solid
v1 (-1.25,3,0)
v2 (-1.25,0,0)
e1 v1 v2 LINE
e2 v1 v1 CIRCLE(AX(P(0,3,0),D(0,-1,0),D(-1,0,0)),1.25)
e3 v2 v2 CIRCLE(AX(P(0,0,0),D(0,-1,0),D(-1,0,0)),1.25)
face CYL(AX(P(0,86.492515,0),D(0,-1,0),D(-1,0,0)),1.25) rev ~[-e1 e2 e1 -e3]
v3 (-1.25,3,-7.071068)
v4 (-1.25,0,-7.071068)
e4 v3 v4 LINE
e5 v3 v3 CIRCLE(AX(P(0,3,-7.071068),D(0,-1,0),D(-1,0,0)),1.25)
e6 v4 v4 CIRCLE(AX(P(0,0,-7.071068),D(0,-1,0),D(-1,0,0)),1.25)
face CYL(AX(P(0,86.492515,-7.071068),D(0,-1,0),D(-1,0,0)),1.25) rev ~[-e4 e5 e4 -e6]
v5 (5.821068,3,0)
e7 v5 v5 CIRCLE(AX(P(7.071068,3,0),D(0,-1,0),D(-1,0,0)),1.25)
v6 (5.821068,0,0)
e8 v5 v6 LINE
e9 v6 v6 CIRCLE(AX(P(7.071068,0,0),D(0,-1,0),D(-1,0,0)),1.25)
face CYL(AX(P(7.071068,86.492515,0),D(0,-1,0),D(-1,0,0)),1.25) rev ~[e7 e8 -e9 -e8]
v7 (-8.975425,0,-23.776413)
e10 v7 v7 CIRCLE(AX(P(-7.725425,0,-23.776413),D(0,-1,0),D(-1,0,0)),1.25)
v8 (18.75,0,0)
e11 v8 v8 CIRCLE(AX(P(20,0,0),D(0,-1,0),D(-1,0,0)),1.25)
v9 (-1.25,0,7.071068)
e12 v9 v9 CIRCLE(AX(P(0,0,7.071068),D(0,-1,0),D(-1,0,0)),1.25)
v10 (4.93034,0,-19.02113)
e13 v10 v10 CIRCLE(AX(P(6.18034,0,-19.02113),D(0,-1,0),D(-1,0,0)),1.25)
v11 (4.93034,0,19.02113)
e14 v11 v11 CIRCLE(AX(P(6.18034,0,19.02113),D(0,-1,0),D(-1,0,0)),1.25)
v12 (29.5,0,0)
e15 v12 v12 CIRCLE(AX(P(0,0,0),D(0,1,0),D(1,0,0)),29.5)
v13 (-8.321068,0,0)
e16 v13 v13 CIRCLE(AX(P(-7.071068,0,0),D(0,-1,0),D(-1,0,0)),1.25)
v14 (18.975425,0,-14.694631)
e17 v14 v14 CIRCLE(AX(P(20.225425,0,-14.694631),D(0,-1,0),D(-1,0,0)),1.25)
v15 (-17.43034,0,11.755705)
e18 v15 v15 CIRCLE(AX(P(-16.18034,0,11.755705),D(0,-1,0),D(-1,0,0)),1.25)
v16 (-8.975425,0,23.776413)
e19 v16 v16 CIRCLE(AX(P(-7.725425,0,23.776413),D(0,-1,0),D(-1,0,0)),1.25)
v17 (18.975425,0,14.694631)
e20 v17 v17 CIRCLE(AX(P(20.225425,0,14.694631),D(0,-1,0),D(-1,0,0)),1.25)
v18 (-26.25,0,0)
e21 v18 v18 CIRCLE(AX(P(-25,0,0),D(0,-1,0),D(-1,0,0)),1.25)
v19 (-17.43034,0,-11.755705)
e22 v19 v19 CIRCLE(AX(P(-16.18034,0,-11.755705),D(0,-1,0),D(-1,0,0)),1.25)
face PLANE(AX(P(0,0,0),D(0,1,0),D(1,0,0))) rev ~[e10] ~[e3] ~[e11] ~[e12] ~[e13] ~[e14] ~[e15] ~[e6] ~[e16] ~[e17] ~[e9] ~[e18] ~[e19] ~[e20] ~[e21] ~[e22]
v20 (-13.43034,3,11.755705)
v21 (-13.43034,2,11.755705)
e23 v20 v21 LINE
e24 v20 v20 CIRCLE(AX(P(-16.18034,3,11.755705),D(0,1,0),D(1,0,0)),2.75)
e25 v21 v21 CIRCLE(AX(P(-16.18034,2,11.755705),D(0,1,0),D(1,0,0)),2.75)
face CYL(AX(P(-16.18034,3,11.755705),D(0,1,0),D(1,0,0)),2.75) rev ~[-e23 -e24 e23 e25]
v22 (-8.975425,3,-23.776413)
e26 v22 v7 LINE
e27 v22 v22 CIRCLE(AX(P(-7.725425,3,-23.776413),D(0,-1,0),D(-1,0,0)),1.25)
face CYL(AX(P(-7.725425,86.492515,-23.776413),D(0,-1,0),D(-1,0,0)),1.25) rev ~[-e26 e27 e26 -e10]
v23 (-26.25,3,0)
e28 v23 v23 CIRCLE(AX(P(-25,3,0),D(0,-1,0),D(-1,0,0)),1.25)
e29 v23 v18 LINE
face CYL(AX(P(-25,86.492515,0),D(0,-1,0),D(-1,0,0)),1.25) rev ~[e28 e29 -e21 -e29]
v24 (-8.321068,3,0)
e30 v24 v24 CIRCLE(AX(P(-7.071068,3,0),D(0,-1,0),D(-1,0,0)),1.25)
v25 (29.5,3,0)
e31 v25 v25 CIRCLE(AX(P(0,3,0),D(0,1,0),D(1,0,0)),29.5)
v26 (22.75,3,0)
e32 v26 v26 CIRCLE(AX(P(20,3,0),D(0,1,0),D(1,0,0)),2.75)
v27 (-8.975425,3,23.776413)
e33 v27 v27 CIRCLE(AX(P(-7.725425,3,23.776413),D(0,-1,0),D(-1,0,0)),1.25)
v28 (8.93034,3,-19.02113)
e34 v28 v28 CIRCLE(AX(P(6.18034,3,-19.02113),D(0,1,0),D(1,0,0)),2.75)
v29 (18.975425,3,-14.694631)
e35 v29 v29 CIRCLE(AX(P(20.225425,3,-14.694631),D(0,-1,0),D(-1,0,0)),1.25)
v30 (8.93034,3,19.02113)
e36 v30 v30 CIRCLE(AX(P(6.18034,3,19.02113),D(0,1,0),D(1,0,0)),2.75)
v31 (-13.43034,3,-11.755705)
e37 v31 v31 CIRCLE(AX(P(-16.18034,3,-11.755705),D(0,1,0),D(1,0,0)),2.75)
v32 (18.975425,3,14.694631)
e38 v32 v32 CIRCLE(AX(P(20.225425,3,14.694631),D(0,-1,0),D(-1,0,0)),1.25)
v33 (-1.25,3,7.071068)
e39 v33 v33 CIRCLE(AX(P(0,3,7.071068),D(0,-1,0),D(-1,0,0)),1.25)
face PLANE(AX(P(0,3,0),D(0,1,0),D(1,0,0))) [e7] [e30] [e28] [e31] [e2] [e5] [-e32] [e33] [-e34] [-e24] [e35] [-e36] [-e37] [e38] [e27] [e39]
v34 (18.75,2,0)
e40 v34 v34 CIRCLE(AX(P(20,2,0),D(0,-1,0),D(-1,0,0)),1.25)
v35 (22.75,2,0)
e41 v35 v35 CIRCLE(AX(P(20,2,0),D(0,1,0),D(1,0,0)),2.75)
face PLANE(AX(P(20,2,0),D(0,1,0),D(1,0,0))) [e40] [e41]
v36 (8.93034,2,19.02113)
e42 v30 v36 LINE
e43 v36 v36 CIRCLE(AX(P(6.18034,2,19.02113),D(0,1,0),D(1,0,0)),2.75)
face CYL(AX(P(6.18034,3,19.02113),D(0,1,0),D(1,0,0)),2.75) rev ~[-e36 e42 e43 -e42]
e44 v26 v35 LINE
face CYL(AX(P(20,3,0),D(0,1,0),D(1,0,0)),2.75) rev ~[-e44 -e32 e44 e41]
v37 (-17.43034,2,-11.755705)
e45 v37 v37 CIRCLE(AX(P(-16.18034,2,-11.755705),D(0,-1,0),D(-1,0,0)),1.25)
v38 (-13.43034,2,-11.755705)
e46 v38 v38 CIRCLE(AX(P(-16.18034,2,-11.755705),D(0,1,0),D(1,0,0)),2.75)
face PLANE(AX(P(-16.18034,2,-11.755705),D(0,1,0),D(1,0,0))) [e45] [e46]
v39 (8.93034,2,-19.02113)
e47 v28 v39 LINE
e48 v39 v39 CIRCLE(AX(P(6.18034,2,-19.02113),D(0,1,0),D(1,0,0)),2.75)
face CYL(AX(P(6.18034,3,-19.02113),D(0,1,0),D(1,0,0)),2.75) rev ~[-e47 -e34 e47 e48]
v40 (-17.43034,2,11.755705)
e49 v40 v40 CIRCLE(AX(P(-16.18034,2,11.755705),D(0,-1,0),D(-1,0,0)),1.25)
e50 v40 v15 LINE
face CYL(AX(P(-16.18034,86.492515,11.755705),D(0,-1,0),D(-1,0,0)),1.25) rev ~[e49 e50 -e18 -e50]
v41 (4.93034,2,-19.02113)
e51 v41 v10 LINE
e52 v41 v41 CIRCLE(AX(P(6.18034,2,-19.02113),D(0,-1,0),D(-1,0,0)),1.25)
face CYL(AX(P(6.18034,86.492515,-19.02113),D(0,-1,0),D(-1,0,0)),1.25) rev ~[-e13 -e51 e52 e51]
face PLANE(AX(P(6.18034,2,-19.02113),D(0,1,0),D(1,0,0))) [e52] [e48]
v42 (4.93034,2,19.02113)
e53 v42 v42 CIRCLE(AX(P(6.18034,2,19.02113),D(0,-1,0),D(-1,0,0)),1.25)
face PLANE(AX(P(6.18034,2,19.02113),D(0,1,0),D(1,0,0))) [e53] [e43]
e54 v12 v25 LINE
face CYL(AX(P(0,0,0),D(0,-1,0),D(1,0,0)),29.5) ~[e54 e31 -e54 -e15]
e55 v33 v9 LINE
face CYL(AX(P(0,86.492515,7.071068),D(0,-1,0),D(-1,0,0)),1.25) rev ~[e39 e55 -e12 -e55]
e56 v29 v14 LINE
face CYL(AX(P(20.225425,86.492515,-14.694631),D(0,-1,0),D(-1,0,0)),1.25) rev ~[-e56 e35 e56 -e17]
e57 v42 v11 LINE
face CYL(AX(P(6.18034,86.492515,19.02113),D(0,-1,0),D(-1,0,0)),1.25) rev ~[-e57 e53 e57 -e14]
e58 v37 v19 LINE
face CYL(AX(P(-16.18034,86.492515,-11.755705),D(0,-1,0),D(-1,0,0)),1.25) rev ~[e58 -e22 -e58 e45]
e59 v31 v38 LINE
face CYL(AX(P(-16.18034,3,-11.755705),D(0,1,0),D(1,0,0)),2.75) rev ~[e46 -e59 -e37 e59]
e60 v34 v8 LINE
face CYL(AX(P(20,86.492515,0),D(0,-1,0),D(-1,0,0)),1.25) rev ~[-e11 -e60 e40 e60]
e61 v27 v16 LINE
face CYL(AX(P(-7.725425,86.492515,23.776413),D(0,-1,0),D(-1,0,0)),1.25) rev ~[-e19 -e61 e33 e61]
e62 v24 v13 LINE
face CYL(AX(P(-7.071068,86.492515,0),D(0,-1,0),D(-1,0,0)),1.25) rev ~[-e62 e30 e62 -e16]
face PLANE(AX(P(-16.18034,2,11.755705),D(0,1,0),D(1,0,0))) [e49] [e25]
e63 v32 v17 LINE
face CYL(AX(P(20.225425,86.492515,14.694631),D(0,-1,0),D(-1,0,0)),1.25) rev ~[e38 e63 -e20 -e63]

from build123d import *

# Parameters (mm, degrees)
SKETCH_1_R               = 29.5
EXTRUDE_1_DEPTH          = 3
HOLE_WIZARD_M3_4_D       = 2.5
HOLE_WIZARD_M3_1_D       = 2.5
SKETCH_9_R               = 2.75
CUT_EXTRUDE_1_DEPTH      = 1
CUT_EXTRUDE_1_DEPTH_BACK = 1


with BuildPart() as part:
    # 草图1 → 凸台-拉伸1 (new body)
    with BuildSketch(Plane(origin=(0, 0, 0), x_dir=(1, 0, 0), z_dir=(0, 1, 0))):
        Circle(SKETCH_1_R)
    extrude(amount=EXTRUDE_1_DEPTH)

    # M3 螺纹孔4 (through all)
    with Locations(Plane(origin=(0, 3, 0), x_dir=(1, 0, 0), z_dir=(0, 1, 0))):
        with Locations((6.180339887, 19.021130326), (20, 0), (6.180339887, -19.021130326), (-16.180339887, -11.755705046), (-16.180339887, 11.755705046)):
            Hole(HOLE_WIZARD_M3_4_D / 2)

    # M3 螺纹孔1 (through all)
    with Locations(Plane(origin=(0, 3, 0), x_dir=(1, 0, 0), z_dir=(0, 1, 0))):
        with Locations((20.225424859, -14.694631307), (-25, 0), (-7.071067812, 0), (-7.725424859, 23.776412907), (20.225424859, 14.694631307), (-7.725424859, -23.776412907), (0, 0), (0, 7.071067812), (7.071067812, 0), (0, -7.071067812)):
            Hole(HOLE_WIZARD_M3_1_D / 2)

    # 草图9 → 切除-拉伸1 (cut, two sides)
    with BuildSketch(Plane(origin=(0, 3, 0), x_dir=(1, 0, 0), z_dir=(0, 1, 0))) as cut_extrude_1_sk:
        with Locations((20, 0)):
            Circle(SKETCH_9_R)
        with Locations((6.180339887, -19.021130326)):
            Circle(SKETCH_9_R)
        with Locations((-16.180339887, -11.755705046)):
            Circle(SKETCH_9_R)
        with Locations((-16.180339887, 11.755705046)):
            Circle(SKETCH_9_R)
        with Locations((6.180339887, 19.021130326)):
            Circle(SKETCH_9_R)
    extrude(amount=CUT_EXTRUDE_1_DEPTH, mode=Mode.SUBTRACT)
    extrude(cut_extrude_1_sk.sketch, amount=-CUT_EXTRUDE_1_DEPTH_BACK, mode=Mode.SUBTRACT)


solid = part.part
